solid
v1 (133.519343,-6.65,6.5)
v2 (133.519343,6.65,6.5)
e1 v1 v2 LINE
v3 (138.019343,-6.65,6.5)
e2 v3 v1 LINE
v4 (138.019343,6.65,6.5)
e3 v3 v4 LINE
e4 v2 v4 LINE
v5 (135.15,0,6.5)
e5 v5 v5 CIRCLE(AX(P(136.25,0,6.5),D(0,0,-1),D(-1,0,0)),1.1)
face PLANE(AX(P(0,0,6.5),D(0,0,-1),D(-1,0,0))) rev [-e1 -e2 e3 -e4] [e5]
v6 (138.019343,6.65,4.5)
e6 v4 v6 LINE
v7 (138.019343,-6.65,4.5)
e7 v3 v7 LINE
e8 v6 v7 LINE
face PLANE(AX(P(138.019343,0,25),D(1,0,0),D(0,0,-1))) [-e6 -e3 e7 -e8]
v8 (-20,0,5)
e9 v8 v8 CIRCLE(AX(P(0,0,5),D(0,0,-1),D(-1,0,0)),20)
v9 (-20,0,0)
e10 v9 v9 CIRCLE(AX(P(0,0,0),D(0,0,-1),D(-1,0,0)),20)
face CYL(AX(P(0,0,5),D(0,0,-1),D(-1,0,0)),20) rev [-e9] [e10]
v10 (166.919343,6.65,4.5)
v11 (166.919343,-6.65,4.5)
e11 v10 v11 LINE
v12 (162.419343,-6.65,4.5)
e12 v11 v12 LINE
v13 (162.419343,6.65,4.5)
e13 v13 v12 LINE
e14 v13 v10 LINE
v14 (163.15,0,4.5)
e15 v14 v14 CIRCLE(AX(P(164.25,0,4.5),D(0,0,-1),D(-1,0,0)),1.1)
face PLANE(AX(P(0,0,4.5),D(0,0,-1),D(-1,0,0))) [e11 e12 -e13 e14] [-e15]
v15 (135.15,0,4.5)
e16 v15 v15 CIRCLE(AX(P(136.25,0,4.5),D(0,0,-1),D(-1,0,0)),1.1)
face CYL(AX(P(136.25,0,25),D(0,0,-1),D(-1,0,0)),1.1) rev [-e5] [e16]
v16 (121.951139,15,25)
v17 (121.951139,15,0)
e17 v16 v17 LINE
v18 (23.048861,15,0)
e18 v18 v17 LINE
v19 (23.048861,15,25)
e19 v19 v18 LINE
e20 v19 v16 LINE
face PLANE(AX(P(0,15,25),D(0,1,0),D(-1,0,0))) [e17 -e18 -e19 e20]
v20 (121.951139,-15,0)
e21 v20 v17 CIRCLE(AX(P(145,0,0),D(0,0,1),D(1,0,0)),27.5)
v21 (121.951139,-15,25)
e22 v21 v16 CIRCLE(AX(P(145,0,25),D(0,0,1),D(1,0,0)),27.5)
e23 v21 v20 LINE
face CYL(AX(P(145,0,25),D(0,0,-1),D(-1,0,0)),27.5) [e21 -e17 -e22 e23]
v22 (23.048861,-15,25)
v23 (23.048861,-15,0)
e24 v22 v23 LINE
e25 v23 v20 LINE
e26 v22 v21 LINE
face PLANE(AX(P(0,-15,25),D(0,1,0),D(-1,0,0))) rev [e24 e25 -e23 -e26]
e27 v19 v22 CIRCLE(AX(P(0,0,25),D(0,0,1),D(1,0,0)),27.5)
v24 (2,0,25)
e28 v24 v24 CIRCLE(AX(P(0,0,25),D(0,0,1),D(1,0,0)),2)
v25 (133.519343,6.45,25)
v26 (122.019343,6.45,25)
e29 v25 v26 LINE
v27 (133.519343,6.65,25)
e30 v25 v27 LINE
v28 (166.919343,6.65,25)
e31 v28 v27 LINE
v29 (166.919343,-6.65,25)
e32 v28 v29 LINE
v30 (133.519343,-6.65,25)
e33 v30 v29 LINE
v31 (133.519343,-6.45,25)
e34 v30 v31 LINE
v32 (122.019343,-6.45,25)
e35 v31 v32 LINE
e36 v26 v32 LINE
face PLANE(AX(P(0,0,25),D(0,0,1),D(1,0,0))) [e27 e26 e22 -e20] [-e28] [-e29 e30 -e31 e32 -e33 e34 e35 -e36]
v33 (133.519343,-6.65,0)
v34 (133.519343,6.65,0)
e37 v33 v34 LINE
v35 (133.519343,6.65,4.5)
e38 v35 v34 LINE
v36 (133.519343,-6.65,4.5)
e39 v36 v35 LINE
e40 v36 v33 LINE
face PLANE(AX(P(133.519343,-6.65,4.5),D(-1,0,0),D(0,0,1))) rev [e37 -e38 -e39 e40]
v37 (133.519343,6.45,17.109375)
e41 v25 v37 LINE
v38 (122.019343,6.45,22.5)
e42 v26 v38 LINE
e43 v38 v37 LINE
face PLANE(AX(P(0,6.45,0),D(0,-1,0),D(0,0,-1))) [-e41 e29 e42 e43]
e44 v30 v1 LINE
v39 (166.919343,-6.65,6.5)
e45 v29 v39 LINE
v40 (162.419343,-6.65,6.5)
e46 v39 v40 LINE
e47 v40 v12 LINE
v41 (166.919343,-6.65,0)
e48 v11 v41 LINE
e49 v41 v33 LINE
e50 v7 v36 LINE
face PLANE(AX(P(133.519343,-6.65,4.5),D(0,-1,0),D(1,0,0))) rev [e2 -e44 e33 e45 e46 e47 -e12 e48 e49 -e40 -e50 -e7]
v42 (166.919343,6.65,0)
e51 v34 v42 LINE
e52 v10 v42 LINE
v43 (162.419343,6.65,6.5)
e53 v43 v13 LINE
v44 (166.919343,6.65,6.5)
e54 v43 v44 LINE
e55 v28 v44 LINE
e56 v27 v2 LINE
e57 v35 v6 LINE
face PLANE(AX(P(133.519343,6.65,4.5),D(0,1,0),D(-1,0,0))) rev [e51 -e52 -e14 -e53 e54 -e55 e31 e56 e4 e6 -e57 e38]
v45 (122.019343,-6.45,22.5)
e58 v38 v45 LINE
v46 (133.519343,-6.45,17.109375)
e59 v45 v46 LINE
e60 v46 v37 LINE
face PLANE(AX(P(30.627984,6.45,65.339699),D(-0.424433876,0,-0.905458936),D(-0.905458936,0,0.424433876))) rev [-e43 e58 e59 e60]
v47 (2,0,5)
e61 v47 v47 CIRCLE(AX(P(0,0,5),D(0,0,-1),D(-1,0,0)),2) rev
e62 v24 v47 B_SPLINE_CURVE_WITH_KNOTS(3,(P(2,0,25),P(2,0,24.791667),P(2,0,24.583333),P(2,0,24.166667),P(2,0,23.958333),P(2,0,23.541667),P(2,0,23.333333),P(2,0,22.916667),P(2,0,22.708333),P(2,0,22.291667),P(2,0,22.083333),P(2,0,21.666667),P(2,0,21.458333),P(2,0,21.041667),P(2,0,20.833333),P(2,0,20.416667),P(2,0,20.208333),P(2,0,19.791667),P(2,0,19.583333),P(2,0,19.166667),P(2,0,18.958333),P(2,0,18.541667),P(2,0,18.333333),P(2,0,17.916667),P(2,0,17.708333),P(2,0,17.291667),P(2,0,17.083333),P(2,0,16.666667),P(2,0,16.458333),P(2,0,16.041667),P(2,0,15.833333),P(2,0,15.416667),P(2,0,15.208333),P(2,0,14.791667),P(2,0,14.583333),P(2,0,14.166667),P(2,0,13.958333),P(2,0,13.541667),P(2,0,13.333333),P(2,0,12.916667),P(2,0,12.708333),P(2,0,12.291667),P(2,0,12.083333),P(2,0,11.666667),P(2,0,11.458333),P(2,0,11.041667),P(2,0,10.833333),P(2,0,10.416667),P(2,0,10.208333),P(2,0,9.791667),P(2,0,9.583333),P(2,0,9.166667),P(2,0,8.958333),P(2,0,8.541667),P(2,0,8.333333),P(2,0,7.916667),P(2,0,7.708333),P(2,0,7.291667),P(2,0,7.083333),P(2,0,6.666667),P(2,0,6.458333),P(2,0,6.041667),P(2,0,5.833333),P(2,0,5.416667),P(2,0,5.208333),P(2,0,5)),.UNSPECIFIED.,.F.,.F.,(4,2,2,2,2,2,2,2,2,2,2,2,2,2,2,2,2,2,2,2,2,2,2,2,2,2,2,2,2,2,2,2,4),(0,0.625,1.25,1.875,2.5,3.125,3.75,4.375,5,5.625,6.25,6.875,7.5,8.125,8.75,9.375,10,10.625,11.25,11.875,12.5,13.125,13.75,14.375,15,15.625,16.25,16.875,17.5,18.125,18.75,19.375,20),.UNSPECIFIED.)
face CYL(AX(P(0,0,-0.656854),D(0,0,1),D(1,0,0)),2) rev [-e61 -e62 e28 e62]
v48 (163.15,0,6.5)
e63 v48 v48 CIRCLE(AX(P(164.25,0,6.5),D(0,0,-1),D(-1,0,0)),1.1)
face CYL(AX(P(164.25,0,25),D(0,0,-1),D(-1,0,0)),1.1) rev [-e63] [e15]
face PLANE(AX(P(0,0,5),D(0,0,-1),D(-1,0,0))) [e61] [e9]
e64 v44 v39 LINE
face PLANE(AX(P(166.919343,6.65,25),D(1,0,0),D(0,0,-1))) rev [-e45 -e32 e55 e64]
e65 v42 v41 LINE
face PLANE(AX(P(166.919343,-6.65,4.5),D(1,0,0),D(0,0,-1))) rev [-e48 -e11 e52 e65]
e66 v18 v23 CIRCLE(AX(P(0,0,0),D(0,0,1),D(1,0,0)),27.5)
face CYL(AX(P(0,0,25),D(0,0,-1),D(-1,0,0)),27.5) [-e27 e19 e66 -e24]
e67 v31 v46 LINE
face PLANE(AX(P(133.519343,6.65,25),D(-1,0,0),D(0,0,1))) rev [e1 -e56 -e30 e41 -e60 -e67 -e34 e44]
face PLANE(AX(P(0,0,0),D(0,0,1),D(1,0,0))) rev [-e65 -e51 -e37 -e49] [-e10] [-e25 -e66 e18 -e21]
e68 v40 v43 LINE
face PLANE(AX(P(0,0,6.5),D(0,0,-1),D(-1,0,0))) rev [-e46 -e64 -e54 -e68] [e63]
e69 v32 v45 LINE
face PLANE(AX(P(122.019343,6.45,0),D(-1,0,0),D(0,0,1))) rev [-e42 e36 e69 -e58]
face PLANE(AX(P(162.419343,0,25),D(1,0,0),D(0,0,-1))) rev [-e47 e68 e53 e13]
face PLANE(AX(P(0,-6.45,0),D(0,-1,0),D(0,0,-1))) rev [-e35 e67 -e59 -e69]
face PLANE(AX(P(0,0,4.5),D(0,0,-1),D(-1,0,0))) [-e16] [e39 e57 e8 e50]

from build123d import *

# Parameters (mm, degrees)
BOSS_EXTRUDE1_DEPTH = 25
SKETCH16_W          = 33.4
SKETCH16_H          = 13.3
CUT_EXTRUDE10_DEPTH = 4.5
SKETCH19_R          = 20
CUT_EXTRUDE14_DEPTH = 5
SKETCH17_W          = 24.4
SKETCH17_H          = 13.3
CUT_EXTRUDE11_DEPTH = 177.45821035
CUT_EXTRUDE13_DEPTH = 6.45
SKETCH20_W          = 33.4
SKETCH20_H          = 13.3
CUT_EXTRUDE15_DEPTH = 176.655202029
SKETCH21_R          = 1.1
CUT_EXTRUDE16_DEPTH = 177.45821035
SKETCH22_R          = 2
CUT_EXTRUDE17_DEPTH = 20


with BuildPart() as part:
    # Sketch1 → Boss-Extrude1 (new body)
    with BuildSketch(Plane.XY):
        with BuildLine():
            ThreePointArc((172.5, 0), (152.823244805, 26.363741023), (121.951138857, 15))
            Line((121.951138857, 15), (145, 15))
            Line((145, 15), (145, -15))
            Line((145, -15), (121.951138857, -15))
            ThreePointArc((121.951138857, -15), (152.823244805, -26.363741023), (172.5, 0))
        make_face()
        with BuildLine():
            Line((145, 15), (121.951138857, 15))
            ThreePointArc((121.951138857, 15), (117.5, 0), (121.951138857, -15))
            Line((121.951138857, -15), (145, -15))
            Line((145, -15), (145, 15))
        make_face()
        with BuildLine():
            Line((121.951138857, 15), (23.048861143, 15))
            ThreePointArc((23.048861143, 15), (26.363741023, 7.823244805), (27.5, 0))
            ThreePointArc((27.5, 0), (26.363741023, -7.823244805), (23.048861143, -15))
            Line((23.048861143, -15), (121.951138857, -15))
            ThreePointArc((121.951138857, -15), (117.5, 0), (121.951138857, 15))
        make_face()
        with BuildLine():
            ThreePointArc((13.228756555, -15), (-20, 0), (13.228756555, 15))
            Line((13.228756555, 15), (23.048861143, 15))
            ThreePointArc((23.048861143, 15), (-27.5, 0), (23.048861143, -15))
            Line((23.048861143, -15), (13.228756555, -15))
        make_face()
        with BuildLine():
            Line((23.048861143, 15), (13.228756555, 15))
            ThreePointArc((13.228756555, 15), (18.228756555, 8.228756555), (20, 0))
            ThreePointArc((20, 0), (18.228756555, -8.228756555), (13.228756555, -15))
            Line((13.228756555, -15), (23.048861143, -15))
            ThreePointArc((23.048861143, -15), (26.363741023, -7.823244805), (27.5, 0))
            ThreePointArc((27.5, 0), (26.363741023, 7.823244805), (23.048861143, 15))
        make_face()
        with BuildLine():
            Line((0, -15), (0, 15))
            Line((0, 15), (13.228756555, 15))
            ThreePointArc((13.228756555, 15), (-20, 0), (13.228756555, -15))
            Line((13.228756555, -15), (0, -15))
        make_face()
        with BuildLine():
            Line((13.228756555, 15), (0, 15))
            Line((0, 15), (0, -15))
            Line((0, -15), (13.228756555, -15))
            ThreePointArc((13.228756555, -15), (18.228756555, -8.228756555), (20, 0))
            ThreePointArc((20, 0), (18.228756555, 8.228756555), (13.228756555, 15))
        make_face()
    extrude(amount=BOSS_EXTRUDE1_DEPTH)

    # Sketch16 → Cut-Extrude10 (cut)
    with BuildSketch(Plane(origin=(0, 0, 0), x_dir=(-1, 0, 0), z_dir=(0, 0, -1))):
        with Locations((-150.21934279, 0)):
            Rectangle(SKETCH16_W, SKETCH16_H)
    extrude(amount=-CUT_EXTRUDE10_DEPTH, mode=Mode.SUBTRACT)

    # Sketch19 → Cut-Extrude14 (cut)
    with BuildSketch(Plane(origin=(0, 0, 0), x_dir=(-1, 0, 0), z_dir=(0, 0, -1))):
        Circle(SKETCH19_R)
    extrude(amount=-CUT_EXTRUDE14_DEPTH, mode=Mode.SUBTRACT)

    # Sketch17 → Cut-Extrude11 (cut, through all)
    with BuildSketch(Plane(origin=(0, 0, 0), x_dir=(-1, 0, 0), z_dir=(0, 0, -1))):
        with Locations((-150.21934279, 0)):
            Rectangle(SKETCH17_W, SKETCH17_H)
    extrude(amount=-CUT_EXTRUDE11_DEPTH, mode=Mode.SUBTRACT)

    # Sketch18 → Cut-Extrude13 (cut, symmetric)
    with BuildSketch(Plane(origin=(0, 0, 0), x_dir=(-1, 0, 0), z_dir=(0, -1, 0))):
        Polygon((-138.01934279, -15), (-138.01934279, -25), (-122.01934279, -25), (-122.01934279, -22.5), align=None)
    extrude(amount=CUT_EXTRUDE13_DEPTH, both=True, mode=Mode.SUBTRACT)

    # Sketch20 → Cut-Extrude15 (cut, through all)
    with BuildSketch(Plane(origin=(0, 0, 6.5), x_dir=(-1, 0, 0), z_dir=(0, 0, -1))):
        with Locations((-150.21934279, 0)):
            Rectangle(SKETCH20_W, SKETCH20_H)
    extrude(amount=-CUT_EXTRUDE15_DEPTH, mode=Mode.SUBTRACT)

    # Sketch21 → Cut-Extrude16 (cut, through all)
    with BuildSketch(Plane(origin=(0, 0, 0), x_dir=(-1, 0, 0), z_dir=(0, 0, -1))):
        with Locations((-164.249999957, 0)):
            Circle(SKETCH21_R)
        with Locations((-136.249999957, 0)):
            Circle(SKETCH21_R)
    extrude(amount=-CUT_EXTRUDE16_DEPTH, mode=Mode.SUBTRACT)

    # Sketch22 → Cut-Extrude17 (cut)
    with BuildSketch(Plane.XY.offset(25)):
        Circle(SKETCH22_R)
    extrude(amount=-CUT_EXTRUDE17_DEPTH, mode=Mode.SUBTRACT)


solid = part.part
